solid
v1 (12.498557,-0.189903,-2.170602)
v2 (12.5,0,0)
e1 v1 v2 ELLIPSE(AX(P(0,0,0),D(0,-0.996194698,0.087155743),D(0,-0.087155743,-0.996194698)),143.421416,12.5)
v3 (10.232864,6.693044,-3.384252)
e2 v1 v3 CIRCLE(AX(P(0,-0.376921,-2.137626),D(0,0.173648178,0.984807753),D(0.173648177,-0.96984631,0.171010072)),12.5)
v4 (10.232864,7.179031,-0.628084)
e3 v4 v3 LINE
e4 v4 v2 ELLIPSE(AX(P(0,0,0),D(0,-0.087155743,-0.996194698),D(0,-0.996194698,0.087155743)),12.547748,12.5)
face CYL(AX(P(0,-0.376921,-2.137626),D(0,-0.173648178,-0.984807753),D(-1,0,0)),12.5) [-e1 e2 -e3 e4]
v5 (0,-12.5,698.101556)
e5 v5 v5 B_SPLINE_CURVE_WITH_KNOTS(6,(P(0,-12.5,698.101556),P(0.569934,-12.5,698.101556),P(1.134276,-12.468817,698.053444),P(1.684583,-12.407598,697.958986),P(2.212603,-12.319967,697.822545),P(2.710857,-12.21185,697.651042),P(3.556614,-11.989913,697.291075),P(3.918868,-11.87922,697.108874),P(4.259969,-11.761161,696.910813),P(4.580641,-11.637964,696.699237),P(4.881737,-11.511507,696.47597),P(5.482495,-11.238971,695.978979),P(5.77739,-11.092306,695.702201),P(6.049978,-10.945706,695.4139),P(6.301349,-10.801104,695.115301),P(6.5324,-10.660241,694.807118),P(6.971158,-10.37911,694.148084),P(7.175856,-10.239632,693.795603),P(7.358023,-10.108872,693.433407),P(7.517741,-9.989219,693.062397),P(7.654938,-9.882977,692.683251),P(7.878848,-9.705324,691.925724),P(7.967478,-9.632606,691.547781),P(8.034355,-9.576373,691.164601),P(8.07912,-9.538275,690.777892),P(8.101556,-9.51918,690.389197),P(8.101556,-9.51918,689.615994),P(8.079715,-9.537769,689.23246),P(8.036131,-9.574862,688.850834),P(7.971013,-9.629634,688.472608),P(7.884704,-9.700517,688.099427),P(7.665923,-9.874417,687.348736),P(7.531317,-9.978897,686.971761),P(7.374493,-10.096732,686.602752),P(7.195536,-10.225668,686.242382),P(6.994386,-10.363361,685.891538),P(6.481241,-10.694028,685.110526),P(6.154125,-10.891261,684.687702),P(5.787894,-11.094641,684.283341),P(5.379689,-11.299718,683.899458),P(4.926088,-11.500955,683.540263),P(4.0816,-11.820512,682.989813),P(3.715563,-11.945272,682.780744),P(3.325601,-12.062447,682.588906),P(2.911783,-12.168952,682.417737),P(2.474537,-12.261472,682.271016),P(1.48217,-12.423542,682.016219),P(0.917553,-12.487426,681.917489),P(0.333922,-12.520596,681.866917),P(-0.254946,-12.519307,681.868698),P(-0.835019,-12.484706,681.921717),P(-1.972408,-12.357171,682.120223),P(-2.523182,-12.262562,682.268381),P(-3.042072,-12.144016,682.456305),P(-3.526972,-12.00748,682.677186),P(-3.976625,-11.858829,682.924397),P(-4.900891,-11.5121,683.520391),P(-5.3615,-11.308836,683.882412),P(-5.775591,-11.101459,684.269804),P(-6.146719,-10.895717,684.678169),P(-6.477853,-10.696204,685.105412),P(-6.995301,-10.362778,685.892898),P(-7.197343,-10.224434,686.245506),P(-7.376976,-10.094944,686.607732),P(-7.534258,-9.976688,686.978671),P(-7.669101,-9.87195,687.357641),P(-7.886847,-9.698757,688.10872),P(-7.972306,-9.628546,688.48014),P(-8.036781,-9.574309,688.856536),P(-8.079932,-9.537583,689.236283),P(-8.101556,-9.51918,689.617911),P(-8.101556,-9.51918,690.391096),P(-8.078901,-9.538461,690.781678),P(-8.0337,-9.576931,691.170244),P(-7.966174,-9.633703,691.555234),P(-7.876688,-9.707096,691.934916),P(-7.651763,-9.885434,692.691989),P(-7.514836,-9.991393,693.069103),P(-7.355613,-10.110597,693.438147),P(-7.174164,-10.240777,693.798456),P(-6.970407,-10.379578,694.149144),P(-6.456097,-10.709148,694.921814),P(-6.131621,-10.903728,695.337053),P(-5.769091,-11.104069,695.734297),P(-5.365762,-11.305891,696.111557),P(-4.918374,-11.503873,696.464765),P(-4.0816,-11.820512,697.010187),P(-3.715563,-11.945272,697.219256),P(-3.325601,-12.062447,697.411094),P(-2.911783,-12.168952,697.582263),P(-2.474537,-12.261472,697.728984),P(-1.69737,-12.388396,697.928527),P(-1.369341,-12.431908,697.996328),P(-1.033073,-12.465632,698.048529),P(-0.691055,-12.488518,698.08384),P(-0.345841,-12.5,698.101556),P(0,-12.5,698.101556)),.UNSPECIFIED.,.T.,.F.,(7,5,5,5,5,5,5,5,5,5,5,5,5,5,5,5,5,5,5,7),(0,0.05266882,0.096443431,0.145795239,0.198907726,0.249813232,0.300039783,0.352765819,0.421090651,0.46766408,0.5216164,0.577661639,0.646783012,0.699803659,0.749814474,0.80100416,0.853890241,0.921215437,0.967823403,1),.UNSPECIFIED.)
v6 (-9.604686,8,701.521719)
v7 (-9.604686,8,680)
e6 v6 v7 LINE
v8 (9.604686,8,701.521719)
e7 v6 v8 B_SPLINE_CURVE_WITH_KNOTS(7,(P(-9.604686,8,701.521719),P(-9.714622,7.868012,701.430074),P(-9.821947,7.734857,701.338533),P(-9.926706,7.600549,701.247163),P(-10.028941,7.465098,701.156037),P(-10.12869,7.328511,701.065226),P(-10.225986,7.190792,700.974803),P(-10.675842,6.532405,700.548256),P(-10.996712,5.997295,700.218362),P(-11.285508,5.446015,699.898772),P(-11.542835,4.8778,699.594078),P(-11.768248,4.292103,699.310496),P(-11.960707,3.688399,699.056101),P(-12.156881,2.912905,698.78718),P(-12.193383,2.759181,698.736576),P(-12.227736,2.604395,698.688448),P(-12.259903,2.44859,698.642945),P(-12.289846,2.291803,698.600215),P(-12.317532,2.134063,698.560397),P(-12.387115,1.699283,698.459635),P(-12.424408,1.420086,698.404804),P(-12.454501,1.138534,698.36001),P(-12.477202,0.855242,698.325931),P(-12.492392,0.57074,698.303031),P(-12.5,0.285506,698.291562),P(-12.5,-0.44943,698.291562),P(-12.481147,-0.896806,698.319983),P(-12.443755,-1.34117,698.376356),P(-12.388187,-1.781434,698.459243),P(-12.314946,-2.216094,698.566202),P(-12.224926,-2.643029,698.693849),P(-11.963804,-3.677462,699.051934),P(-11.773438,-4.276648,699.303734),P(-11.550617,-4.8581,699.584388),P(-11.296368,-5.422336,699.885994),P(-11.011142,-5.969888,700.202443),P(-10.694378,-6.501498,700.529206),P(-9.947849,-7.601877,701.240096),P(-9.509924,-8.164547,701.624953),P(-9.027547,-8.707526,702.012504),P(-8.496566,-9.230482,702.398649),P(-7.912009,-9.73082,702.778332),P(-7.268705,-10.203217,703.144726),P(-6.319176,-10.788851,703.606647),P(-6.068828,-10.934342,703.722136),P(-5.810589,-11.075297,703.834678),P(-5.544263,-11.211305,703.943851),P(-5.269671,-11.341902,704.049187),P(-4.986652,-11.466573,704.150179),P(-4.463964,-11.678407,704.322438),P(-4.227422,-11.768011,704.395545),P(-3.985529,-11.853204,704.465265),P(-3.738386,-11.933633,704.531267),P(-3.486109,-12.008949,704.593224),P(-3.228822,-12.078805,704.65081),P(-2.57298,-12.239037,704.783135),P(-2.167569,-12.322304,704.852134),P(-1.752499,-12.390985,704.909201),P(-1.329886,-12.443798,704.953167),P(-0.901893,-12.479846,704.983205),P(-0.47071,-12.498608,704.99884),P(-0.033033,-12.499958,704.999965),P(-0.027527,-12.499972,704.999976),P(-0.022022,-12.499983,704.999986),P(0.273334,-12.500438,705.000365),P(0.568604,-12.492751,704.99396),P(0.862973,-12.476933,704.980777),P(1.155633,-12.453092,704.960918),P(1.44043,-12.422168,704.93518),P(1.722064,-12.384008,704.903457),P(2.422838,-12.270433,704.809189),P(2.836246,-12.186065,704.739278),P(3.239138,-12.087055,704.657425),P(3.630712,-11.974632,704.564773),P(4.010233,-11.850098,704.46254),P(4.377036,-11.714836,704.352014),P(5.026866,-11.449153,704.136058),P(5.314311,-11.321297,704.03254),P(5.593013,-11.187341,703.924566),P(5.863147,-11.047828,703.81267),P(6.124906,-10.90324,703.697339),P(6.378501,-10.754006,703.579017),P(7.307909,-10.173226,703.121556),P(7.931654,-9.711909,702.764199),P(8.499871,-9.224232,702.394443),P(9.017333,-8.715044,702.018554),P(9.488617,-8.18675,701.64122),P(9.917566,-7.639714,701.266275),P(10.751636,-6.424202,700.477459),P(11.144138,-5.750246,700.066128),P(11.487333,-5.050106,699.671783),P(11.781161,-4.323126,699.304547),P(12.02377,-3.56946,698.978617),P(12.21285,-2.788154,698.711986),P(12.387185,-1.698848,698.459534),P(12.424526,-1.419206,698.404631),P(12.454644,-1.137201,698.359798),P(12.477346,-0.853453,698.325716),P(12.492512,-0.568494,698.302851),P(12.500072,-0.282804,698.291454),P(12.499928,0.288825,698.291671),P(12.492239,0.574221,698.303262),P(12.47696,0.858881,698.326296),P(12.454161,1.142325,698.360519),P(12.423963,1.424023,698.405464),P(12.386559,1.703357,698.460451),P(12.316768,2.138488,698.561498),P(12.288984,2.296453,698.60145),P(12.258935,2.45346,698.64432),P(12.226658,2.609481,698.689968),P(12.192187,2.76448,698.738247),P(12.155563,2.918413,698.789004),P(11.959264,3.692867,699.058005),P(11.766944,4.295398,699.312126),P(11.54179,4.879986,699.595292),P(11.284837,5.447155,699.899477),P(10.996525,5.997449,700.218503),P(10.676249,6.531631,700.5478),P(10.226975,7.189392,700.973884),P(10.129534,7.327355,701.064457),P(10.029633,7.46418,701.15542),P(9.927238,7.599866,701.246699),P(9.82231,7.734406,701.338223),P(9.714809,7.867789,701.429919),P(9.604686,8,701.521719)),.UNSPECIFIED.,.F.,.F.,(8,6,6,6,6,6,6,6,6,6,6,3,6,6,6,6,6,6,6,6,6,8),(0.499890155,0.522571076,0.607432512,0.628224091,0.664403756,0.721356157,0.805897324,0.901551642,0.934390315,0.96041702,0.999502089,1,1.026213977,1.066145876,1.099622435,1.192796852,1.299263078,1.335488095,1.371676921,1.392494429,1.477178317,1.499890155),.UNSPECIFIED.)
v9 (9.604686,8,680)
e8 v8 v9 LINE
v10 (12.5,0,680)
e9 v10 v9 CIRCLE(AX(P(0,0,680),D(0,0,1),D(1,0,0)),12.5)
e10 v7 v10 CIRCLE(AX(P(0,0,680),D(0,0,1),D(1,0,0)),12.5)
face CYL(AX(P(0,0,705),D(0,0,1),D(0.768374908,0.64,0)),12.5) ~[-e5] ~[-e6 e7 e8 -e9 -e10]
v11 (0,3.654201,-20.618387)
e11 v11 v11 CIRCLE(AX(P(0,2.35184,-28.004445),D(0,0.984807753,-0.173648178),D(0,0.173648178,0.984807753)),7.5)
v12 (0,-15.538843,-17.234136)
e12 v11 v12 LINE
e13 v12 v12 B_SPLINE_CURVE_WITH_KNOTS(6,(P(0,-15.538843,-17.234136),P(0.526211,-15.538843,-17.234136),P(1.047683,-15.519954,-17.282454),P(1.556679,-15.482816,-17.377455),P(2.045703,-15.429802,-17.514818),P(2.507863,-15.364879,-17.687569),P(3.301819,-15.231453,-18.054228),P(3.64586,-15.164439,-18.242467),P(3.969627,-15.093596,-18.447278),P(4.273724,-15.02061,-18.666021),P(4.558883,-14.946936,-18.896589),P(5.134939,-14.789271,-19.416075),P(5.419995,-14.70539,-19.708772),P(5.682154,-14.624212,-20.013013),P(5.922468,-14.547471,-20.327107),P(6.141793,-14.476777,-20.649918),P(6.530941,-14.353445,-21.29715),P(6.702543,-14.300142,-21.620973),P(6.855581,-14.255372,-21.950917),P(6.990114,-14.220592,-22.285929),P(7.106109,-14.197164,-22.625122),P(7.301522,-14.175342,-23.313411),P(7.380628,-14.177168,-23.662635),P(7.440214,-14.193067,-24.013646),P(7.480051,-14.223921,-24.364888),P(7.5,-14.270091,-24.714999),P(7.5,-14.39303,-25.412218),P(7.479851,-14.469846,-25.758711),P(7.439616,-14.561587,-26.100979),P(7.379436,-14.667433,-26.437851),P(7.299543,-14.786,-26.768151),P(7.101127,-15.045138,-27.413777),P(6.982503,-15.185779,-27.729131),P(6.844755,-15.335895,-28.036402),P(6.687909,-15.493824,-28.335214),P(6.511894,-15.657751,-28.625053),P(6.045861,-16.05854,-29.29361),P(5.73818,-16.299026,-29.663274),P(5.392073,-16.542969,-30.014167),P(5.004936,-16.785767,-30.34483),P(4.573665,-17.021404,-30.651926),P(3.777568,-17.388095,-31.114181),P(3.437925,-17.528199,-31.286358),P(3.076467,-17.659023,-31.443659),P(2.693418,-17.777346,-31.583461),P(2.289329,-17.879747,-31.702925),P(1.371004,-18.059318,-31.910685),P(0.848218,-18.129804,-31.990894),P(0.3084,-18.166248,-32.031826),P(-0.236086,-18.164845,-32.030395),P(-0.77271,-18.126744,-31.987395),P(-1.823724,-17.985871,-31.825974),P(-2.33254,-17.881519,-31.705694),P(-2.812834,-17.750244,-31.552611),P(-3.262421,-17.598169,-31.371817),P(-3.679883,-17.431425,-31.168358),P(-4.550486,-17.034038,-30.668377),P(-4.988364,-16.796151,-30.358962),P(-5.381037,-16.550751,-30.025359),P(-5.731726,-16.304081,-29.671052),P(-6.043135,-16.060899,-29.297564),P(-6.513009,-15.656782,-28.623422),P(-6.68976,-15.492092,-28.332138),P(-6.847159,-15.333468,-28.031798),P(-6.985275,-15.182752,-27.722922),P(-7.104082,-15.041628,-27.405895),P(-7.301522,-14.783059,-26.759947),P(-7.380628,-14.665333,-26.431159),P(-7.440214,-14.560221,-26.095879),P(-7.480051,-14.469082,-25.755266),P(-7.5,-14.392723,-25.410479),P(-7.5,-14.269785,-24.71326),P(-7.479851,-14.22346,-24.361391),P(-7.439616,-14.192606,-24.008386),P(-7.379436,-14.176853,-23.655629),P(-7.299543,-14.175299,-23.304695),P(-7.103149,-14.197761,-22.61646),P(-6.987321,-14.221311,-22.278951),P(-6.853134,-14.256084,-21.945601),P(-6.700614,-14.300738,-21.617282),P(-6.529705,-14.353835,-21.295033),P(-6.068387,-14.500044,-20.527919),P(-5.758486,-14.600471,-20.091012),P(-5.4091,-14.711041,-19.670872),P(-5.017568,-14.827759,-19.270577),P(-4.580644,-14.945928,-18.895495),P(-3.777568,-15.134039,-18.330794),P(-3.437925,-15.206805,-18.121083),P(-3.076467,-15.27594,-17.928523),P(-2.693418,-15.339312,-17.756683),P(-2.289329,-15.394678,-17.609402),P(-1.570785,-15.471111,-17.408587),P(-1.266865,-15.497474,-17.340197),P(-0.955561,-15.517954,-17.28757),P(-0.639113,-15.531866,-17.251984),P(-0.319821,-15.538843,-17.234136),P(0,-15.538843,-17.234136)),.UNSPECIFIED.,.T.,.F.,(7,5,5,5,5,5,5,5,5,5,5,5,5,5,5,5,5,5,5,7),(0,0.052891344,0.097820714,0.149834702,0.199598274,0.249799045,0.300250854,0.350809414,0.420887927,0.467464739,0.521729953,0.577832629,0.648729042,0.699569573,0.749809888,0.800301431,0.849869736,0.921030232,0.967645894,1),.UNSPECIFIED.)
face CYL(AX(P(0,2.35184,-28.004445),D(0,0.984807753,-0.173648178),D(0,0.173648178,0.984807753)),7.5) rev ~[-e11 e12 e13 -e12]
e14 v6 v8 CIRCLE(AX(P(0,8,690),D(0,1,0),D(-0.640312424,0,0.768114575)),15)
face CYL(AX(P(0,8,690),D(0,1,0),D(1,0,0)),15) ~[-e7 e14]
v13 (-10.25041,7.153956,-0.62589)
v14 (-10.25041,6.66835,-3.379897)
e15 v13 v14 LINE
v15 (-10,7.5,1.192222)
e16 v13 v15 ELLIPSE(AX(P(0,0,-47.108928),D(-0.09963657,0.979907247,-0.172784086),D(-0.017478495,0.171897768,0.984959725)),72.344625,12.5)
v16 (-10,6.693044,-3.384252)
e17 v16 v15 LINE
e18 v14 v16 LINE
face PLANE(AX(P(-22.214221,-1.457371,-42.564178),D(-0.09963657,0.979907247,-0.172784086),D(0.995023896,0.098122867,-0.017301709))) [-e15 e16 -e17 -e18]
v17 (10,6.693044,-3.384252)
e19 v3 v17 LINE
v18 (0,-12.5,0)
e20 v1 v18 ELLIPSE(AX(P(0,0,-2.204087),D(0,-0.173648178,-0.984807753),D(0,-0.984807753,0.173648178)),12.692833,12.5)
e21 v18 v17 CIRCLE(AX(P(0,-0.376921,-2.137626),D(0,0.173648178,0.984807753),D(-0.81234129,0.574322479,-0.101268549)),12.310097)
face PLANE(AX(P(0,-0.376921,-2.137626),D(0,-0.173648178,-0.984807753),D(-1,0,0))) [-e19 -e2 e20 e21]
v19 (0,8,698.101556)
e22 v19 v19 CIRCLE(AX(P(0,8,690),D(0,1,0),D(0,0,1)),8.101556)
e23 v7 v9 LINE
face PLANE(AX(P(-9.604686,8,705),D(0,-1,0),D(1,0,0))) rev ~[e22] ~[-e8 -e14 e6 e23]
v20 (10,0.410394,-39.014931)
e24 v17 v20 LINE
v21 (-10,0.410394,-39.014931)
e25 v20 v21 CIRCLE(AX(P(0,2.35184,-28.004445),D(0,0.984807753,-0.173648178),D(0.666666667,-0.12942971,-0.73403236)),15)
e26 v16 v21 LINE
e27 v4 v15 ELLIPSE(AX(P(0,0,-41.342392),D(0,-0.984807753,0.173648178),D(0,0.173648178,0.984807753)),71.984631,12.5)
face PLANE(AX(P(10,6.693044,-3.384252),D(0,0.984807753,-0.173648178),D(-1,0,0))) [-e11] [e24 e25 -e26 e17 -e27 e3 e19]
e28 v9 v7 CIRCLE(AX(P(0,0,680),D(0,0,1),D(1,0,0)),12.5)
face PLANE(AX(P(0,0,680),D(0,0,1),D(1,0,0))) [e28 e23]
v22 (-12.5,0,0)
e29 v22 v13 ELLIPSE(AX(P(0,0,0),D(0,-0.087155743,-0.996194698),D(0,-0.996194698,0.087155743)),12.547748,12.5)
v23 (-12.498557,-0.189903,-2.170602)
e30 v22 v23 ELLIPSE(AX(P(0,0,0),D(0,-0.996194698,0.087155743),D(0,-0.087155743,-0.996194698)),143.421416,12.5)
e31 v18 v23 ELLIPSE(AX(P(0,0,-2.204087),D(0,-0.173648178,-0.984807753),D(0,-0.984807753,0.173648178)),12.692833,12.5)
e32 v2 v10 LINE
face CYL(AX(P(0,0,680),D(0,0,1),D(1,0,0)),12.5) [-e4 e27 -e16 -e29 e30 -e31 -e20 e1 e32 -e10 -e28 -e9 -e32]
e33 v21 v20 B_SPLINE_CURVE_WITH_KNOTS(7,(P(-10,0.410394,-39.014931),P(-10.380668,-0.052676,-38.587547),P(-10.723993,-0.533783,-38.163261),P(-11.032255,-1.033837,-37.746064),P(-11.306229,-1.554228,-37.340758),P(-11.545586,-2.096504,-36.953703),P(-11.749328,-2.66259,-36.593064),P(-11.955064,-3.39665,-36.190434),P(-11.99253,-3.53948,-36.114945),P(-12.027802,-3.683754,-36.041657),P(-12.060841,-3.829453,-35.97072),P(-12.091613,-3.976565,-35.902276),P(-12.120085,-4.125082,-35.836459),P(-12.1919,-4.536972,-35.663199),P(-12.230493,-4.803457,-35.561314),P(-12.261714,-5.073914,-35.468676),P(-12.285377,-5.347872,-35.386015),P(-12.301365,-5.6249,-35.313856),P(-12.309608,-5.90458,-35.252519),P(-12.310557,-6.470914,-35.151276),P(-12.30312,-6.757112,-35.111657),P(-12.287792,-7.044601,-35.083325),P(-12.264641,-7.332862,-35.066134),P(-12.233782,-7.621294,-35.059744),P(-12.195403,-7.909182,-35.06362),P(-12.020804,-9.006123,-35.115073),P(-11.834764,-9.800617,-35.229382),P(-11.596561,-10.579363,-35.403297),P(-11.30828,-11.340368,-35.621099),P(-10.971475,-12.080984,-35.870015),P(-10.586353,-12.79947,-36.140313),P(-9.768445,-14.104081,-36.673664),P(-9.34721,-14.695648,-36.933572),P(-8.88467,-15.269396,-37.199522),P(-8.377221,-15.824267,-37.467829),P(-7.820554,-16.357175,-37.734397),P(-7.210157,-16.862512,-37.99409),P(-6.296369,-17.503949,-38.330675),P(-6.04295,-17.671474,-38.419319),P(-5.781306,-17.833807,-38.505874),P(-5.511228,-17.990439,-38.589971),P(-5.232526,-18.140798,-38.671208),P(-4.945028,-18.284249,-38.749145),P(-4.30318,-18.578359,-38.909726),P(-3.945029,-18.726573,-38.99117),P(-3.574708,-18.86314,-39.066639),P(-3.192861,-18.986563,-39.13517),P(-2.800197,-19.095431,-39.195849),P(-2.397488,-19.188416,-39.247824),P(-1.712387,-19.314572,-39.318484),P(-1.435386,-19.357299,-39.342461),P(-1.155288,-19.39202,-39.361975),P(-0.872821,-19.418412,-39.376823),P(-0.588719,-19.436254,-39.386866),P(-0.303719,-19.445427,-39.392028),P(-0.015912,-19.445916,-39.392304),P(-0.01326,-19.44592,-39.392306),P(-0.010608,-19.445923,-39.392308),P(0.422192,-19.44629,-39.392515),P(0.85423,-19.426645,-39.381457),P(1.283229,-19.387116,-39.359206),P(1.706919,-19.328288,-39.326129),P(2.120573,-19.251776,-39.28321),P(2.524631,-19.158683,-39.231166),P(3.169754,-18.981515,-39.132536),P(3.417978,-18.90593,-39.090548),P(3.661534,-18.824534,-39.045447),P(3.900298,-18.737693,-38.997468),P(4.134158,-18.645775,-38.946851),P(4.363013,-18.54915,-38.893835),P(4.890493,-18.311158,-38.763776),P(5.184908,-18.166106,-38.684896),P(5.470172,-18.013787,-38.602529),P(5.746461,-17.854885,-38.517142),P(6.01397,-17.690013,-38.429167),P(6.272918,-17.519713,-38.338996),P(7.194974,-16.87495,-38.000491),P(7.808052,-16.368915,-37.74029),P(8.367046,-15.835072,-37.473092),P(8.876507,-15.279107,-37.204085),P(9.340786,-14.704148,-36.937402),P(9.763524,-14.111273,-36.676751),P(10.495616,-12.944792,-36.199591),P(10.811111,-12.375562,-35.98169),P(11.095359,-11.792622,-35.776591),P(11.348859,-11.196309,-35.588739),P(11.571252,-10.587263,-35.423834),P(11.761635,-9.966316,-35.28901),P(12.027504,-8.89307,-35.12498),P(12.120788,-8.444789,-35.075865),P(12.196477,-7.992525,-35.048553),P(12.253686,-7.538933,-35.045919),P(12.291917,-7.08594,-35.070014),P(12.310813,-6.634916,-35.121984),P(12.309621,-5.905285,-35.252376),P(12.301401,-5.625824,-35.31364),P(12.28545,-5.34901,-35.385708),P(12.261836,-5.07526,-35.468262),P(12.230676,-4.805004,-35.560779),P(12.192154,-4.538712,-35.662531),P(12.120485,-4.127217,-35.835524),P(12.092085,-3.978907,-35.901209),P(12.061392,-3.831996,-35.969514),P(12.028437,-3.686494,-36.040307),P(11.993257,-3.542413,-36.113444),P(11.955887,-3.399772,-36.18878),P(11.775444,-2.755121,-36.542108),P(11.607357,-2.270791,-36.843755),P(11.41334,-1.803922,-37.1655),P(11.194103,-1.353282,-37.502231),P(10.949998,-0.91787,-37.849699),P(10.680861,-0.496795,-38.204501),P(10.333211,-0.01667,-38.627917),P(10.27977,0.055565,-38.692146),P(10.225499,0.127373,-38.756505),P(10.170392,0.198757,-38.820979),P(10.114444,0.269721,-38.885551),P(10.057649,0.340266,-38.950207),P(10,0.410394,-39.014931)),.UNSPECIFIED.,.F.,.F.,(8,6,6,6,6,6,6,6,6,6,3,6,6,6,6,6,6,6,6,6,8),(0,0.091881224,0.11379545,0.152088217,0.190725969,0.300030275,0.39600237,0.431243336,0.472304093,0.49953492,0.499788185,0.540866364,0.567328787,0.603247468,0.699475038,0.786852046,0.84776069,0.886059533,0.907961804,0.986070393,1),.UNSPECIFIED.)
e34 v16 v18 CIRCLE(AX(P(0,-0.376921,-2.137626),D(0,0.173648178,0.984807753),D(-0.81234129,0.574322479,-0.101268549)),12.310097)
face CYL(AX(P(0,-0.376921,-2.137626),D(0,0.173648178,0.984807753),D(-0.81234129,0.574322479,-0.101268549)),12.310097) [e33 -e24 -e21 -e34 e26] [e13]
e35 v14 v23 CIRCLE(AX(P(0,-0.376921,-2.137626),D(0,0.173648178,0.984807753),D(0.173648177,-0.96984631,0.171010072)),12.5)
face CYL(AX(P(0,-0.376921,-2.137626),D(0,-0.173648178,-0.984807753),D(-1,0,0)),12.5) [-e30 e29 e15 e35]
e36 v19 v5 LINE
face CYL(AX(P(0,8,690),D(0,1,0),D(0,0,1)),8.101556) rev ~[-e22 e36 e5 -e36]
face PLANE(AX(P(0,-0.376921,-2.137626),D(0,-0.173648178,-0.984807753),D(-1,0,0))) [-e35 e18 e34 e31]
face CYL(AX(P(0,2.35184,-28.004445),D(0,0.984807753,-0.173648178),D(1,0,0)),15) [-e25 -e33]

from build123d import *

# Parameters (mm, degrees)
SKETCH2_R           = 12.5
BOSS_EXTRUDE1_DEPTH = 680
BOSS_EXTRUDE7_REACH = 684.374
SKETCH17_R          = 12.5
SKETCH18_R          = 21.64199716
SKETCH18_R_2        = 12.5
CUT_EXTRUDE6_DEPTH  = 685.540071193
BOSS_EXTRUDE8_DEPTH = 40
CUT_EXTRUDE7_DEPTH  = 722.910412641
SKETCH21_R          = 7.5
CUT_EXTRUDE8_DEPTH  = 682.877047211
BOSS_EXTRUDE9_START = 25
BOSS_EXTRUDE9_DEPTH = 25
SKETCH24_R          = 8.10155649
CUT_EXTRUDE9_DEPTH  = 706.644761137


with BuildPart() as part:
    # Sketch2 → Boss-Extrude1 (new body)
    with BuildSketch(Plane.XY):
        Circle(SKETCH2_R)
    extrude(amount=BOSS_EXTRUDE1_DEPTH)

    # Boss-Extrude7: up to this face of the body (flat: up to its plane)
    boss_extrude7_end = Plane(part.part.faces().sort_by_distance((0, 0, 0))[0])
    # Sketch17 → Boss-Extrude7 (add, up to the picked face)
    with BuildSketch(Plane(origin=(0, -0.37692112, -2.137625896), x_dir=(-1, 0, 0), z_dir=(0, -0.17364817766693072, -0.984807753012208)), mode=Mode.PRIVATE) as boss_extrude7_sk1:
        Circle(SKETCH17_R)
    boss_extrude7_tool1 = split(extrude(boss_extrude7_sk1.sketch, amount=-BOSS_EXTRUDE7_REACH, mode=Mode.PRIVATE), bisect_by=boss_extrude7_end, keep=Keep.BOTH, mode=Mode.PRIVATE)
    add(boss_extrude7_tool1.solids().sort_by(Axis((0, -0.376921, -2.137626), (0, 0.17364817766693072, 0.984807753012208)))[0])

    # Sketch18 → Cut-Extrude6 (cut, through all)
    with BuildSketch(Plane.XY.offset(680)):
        Circle(SKETCH18_R)
        Circle(SKETCH18_R_2, mode=Mode.SUBTRACT)
    extrude(amount=-CUT_EXTRUDE6_DEPTH, mode=Mode.SUBTRACT)

    # Sketch19 → Boss-Extrude8 (add)
    with BuildSketch(Plane(origin=(0, -0.37692112, -2.137625896), x_dir=(-1, 0, 0), z_dir=(0, -0.17364817766693072, -0.9848077530122081))):
        with BuildLine():
            Line((-10, 7.179030993), (10, 7.179030993))
            ThreePointArc((10, 7.179030993), (0, -12.310096913), (-10, 7.179030993))
        make_face()
    extrude(amount=BOSS_EXTRUDE8_DEPTH)

    # Sketch20 → Cut-Extrude7 (cut, through all)
    with BuildSketch(Plane(origin=(0, -7.322848227, -41.529936016), x_dir=(-1, 0, 0), z_dir=(0, -0.17364817766693075, -0.9848077530122081))):
        Polygon((-10, 7.179030993), (-31.533924825, 7.179030993), (-13.913821083, 23.302885617), (27.950999048, 17.361222727), (22.214221085, 5.955961778), (10, 7.179030993), align=None)
    extrude(amount=-CUT_EXTRUDE7_DEPTH, mode=Mode.SUBTRACT)

    # Sketch21 → Cut-Extrude8 (cut, through all)
    with BuildSketch(Plane(origin=(0, 7.069965381, -1.246625649), x_dir=(1, 0, 0), z_dir=(0, 0.9848077530122081, -0.1736481776669307))):
        with Locations(Location((0, 27.170602221, 0), (0, 0, 270))):
            Circle(SKETCH21_R)
        with BuildLine():
            Line((-15, 27.170602221), (-29.909337142, 27.170602221))
            Line((-29.909337142, 27.170602221), (-31.20991729, 57.226860982))
            Line((-31.20991729, 57.226860982), (35.119670244, 57.226860982))
            Line((35.119670244, 57.226860982), (27.037493612, 28.799894896))
            Line((27.037493612, 28.799894896), (15, 27.170602221))
            ThreePointArc((15, 27.170602221), (0, 42.170602221), (-15, 27.170602221))
        make_face()
    extrude(amount=-CUT_EXTRUDE8_DEPTH, mode=Mode.SUBTRACT)

    # Sketch23 → Boss-Extrude9 (add)
    with BuildSketch(Plane.XY.offset(680).offset(BOSS_EXTRUDE9_START)):
        with BuildLine():
            Line((-9.604686356, 8), (9.604686356, 8))
            ThreePointArc((9.604686356, 8), (0, -12.5), (-9.604686356, 8))
        make_face()
    extrude(amount=-BOSS_EXTRUDE9_DEPTH)

    # Sketch24 → Cut-Extrude9 (cut, through all)
    with BuildSketch(Plane(origin=(0, 8, 0), x_dir=(1, 0, 0), z_dir=(0, 1, 0))):
        with Locations(Location((0, -690, 0), (0, 0, 270))):
            Circle(SKETCH24_R)
        with BuildLine():
            Line((-15, -690), (-15, -735.171445315))
            Line((-15, -735.171445315), (15, -735.171445315))
            Line((15, -735.171445315), (15, -690))
            ThreePointArc((15, -690), (0, -705), (-15, -690))
        make_face()
    extrude(amount=-CUT_EXTRUDE9_DEPTH, mode=Mode.SUBTRACT)


solid = part.part
